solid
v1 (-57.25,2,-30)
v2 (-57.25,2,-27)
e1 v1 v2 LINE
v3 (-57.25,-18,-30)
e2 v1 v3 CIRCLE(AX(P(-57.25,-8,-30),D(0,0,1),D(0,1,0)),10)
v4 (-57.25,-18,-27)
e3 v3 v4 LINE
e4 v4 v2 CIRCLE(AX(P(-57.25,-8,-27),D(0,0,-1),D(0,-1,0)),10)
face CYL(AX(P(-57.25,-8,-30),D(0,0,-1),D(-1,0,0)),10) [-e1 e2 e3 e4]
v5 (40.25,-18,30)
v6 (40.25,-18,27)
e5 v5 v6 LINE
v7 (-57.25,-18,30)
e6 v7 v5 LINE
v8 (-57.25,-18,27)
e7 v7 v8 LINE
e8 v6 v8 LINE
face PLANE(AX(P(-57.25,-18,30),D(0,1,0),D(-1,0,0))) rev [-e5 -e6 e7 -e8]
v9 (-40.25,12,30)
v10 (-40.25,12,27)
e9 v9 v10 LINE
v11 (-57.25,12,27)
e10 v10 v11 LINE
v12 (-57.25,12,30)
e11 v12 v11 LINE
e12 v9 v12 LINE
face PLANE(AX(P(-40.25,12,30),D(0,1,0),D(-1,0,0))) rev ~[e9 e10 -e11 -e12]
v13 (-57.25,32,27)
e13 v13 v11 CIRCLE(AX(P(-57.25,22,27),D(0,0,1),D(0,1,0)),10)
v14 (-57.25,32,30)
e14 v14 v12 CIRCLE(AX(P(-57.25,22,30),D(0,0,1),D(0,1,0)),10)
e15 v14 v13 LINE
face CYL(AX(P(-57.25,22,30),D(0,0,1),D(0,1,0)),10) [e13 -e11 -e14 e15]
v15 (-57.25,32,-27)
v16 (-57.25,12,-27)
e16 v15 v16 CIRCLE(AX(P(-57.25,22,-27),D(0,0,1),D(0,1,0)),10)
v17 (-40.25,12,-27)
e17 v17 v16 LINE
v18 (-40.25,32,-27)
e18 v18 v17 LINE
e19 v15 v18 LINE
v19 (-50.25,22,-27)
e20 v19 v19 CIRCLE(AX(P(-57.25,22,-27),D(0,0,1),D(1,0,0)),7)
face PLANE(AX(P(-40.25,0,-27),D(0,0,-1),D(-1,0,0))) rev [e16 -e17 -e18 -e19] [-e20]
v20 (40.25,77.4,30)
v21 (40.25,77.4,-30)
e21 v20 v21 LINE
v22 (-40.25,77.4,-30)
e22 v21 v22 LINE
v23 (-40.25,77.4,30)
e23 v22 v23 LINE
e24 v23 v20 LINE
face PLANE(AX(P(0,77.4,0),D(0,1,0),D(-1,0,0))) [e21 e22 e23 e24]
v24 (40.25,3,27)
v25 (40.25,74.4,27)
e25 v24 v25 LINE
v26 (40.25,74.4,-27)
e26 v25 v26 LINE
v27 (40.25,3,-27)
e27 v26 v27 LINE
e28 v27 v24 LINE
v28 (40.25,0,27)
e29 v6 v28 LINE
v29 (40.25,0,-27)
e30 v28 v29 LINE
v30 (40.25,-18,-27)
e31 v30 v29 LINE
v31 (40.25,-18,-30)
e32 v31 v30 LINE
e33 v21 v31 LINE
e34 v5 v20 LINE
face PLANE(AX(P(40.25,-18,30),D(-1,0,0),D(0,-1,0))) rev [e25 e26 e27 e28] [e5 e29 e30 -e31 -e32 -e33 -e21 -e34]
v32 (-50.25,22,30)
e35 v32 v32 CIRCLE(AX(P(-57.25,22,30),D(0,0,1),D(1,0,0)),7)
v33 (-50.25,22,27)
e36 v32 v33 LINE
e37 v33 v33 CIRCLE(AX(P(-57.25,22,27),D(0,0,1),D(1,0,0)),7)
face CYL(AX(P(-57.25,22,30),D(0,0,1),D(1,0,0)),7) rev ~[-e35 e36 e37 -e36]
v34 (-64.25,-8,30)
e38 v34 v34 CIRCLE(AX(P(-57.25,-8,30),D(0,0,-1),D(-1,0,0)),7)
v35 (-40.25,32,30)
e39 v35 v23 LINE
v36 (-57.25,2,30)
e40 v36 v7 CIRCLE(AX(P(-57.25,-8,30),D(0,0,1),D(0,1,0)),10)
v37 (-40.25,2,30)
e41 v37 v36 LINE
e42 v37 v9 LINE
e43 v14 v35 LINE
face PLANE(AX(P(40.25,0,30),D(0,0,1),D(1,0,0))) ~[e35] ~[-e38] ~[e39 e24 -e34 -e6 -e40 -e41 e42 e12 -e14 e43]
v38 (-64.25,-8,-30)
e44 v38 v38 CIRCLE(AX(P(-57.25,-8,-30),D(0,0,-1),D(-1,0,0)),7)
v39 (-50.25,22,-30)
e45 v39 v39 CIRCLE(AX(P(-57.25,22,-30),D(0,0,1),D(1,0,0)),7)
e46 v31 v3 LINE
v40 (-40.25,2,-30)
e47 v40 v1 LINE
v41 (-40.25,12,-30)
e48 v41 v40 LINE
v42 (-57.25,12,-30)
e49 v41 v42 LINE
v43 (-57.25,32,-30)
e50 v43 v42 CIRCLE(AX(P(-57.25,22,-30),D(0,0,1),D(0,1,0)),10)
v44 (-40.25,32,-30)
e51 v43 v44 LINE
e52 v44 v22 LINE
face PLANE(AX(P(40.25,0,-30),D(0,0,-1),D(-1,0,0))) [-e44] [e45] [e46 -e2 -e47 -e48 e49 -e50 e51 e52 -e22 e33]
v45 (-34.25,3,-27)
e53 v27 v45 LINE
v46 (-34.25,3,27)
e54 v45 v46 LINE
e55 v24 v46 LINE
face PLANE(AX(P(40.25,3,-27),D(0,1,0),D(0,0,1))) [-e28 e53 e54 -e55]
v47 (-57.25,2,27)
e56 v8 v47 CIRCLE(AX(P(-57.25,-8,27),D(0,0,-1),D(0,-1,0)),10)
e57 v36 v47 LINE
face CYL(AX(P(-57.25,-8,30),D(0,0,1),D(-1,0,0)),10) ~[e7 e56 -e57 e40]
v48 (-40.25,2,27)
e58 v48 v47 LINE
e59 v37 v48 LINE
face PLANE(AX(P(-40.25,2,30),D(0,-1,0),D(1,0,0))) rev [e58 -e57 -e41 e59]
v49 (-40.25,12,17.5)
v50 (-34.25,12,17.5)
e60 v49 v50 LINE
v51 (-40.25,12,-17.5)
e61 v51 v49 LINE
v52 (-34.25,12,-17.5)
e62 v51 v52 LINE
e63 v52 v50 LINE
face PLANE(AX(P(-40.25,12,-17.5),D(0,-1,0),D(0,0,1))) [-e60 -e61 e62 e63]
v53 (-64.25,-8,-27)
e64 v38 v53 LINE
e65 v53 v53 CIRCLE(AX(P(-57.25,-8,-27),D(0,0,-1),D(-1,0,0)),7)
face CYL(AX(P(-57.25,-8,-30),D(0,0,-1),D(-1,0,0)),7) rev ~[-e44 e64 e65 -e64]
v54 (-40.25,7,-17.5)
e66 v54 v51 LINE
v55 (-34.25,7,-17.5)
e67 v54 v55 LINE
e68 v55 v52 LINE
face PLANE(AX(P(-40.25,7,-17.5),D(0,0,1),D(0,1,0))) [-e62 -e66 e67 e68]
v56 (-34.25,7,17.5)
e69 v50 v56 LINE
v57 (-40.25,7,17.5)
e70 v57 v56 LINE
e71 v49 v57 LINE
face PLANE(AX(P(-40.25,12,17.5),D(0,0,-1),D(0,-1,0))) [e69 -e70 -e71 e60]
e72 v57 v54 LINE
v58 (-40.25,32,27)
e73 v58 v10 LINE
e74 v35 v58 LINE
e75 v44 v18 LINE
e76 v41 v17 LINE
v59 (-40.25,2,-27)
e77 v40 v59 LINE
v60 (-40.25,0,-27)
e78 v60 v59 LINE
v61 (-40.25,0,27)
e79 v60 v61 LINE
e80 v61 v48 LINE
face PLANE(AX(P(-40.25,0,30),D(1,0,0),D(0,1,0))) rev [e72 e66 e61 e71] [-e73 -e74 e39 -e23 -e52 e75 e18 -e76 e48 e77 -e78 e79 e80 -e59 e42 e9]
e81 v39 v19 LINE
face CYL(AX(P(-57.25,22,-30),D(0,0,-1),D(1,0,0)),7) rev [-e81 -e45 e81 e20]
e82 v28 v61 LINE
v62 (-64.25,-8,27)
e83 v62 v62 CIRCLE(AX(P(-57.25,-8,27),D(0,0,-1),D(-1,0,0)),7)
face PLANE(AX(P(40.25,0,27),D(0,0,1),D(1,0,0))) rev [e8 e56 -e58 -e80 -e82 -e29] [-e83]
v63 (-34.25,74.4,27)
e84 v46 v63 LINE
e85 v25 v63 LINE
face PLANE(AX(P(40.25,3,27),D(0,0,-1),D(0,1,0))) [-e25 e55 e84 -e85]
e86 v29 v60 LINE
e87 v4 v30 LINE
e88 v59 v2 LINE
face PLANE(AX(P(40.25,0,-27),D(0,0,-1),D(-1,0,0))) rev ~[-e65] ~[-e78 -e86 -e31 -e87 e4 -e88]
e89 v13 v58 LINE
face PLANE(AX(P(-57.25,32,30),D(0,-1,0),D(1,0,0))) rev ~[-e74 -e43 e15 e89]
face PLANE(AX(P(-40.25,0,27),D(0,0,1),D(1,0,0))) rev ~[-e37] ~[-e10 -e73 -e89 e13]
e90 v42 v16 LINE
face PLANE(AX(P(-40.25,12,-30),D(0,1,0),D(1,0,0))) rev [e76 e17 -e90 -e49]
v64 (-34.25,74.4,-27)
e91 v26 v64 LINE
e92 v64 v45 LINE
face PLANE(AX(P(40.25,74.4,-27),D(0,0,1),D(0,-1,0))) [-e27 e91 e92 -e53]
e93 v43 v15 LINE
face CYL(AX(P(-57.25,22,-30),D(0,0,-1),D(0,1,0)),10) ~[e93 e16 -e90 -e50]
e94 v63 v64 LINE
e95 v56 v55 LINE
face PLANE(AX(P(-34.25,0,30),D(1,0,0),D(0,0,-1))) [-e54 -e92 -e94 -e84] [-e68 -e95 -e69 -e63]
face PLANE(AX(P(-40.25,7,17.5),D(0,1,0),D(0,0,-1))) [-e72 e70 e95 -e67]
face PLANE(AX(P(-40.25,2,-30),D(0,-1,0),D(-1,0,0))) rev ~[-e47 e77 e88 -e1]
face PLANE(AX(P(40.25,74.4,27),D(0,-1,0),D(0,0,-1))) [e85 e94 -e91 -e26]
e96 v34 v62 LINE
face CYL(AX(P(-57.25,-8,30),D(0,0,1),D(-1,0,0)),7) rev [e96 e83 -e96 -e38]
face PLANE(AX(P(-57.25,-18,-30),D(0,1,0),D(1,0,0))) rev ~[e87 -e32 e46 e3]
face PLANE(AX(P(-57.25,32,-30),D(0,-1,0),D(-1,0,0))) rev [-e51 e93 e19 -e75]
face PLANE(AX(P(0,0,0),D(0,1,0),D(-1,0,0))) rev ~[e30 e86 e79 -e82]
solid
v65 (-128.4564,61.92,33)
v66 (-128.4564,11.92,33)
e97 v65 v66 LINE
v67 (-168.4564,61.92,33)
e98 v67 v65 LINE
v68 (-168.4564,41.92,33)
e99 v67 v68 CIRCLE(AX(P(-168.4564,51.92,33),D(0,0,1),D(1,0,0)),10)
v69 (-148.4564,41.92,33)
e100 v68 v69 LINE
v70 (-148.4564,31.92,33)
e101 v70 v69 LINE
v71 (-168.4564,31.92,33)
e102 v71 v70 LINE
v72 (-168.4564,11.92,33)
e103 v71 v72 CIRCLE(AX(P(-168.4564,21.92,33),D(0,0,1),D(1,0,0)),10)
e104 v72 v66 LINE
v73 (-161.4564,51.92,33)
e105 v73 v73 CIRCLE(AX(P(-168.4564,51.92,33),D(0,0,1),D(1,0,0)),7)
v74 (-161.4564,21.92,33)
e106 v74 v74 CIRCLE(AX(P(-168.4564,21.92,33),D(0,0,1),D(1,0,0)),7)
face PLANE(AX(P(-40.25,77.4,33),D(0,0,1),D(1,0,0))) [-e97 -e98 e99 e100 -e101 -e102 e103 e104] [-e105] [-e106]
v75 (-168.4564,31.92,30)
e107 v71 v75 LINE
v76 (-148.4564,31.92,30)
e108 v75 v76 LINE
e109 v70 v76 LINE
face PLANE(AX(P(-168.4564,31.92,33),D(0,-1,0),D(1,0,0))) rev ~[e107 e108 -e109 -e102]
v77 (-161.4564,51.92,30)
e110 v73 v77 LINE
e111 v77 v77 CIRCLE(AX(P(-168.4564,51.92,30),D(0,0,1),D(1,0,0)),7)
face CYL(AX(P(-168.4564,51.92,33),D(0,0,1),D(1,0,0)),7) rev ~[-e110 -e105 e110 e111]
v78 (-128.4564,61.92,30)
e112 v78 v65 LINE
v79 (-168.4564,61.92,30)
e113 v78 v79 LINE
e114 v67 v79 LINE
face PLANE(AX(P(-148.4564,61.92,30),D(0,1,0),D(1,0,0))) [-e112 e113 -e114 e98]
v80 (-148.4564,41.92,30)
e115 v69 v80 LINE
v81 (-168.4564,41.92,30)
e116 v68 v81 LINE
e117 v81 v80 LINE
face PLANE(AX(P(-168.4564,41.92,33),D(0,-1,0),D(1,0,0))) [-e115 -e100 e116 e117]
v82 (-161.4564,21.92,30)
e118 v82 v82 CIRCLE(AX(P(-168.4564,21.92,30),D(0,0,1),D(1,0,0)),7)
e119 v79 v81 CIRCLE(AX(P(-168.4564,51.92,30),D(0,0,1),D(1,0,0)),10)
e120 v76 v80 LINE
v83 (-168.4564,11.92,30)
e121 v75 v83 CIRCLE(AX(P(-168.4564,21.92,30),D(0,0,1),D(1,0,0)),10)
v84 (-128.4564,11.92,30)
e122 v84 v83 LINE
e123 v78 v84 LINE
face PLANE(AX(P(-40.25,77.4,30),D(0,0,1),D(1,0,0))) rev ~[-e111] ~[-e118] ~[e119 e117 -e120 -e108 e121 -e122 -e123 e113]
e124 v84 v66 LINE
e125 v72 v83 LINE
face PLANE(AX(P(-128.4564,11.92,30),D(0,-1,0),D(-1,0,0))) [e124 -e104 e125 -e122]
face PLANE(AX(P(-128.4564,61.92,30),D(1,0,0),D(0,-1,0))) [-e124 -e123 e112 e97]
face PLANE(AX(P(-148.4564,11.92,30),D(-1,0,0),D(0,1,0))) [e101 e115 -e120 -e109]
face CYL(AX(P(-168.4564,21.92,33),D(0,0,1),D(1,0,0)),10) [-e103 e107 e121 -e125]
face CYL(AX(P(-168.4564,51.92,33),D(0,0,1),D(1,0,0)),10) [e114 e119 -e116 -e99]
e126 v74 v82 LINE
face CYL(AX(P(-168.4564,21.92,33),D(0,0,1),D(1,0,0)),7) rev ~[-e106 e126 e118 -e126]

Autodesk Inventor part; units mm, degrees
ref_plane "YZ Plane" through (0, 0, 0) normal (1, 0, 0) x (0, 1, 0)
ref_plane "XZ Plane" through (0, 0, 0) normal (0, 1, 0) x (-1, 0, 0)
ref_plane "XY Plane" through (0, 0, 0) normal (0, 0, 1) x (1, 0, 0)
sketch "Sketch1" plane through (0, 0, 0) normal (0, 1, 0) x (-1, 0, 0)
  line L0 (40.25, 30) -> (-40.25, 30)
  line L1 (-40.25, 30) -> (-40.25, -30)
  line L2 (-40.25, -30) -> (40.25, -30)
  line L3 (40.25, -30) -> (40.25, 30)
  point P0 (0, 0)
  dimension "d0" = 60
  dimension "d1" = 80.5
  dimension "d23" = 30
  dimension "d24" = 40.25
extrude "Extrusion1" add sketch "Sketch1" along normal blind 77.4
sketch "Sketch2" plane through (40.25, 0, 30) normal (1, 0, 0) x (0, 0, -1)
  line L0 (3, 74.4) -> (57, 74.4)
  line L1 (57, 74.4) -> (57, 3)
  line L2 (57, 3) -> (3, 3)
  line L3 (3, 3) -> (3, 74.4)
  line L4 (0, 77.4) -> (60, 77.4) projected
  line L5 (0, 0) -> (0, 77.4) projected
  point P0 (30, 0)
  dimension "d4" = 54
  dimension "d5" = 71.4
  dimension "d6" = 3
  dimension "d7" = 3
sketch "Sketch3" plane through (40.25, 0, 30) normal (1, 0, 0) x (0, 0, -1)
  line L0 (0, 0) -> (60, 0) construction
  line L1 (60, 0) -> (60, 77.4) construction
  line L2 (0, 77.4) -> (60, 77.4) construction
  line L3 (0, 0) -> (0, 77.4) construction
  point P0 (30, 0)
extrude "Extrusion2" cut sketch "Sketch2" against normal blind 74.5
sketch "Sketch4" plane through (-40.25, 0, 30) normal (0, 0, 1) x (1, 0, 0)
  line L0 (0, 12) -> (-17, 12)
  line L1 (-17, 32) -> (0, 32)
  line L2 (0, 32) -> (0, 12)
  line L3 (0, 0) -> (0, 77.4) projected
  line L4 (0, 0) -> (80.5, 0) projected
  circle A0 centre (-17, 22) radius 7
  arc A1 (-17, 32) -> (-17, 12) centre (-17, 22) ccw
  point P0 (40.25, 0)
  dimension "d11" = 20
  dimension "d12" = 0
  dimension "d17" = 14
  dimension "d18" = 22
  dimension "d19" = 20
  dimension "d20" = 17
extrude "Extrusion4" add sketch "Sketch4" against normal blind 3
mirror "Mirror1" about plane through (0, 0, 0) normal (0, 0, 1) of "Extrusion4"
sketch "Sketch7" plane through (-40.25, 0, -30) normal (-1, 0, 0) x (0, 0, 1)
  line L0 (0, 0) -> (60, 0) construction
  line L1 (60, 32) -> (60, 77.4) construction
  line L2 (12.5, 12) -> (47.5, 12)
  line L3 (47.5, 12) -> (47.5, 7)
  line L4 (47.5, 7) -> (12.5, 7)
  line L5 (12.5, 7) -> (12.5, 12)
  point P0 (30, 0)
  dimension "d25" = 35
  dimension "d26" = 5
  dimension "d28" = 12.5
  dimension "d29" = 7
sketch "Sketch8" plane through (-40.25, 0, -30) normal (-1, 0, 0) x (0, 0, 1)
  line L0 (0, 32) -> (3, 32) construction
  line L1 (3, 32) -> (3, 12) construction
  line L2 (3, 12) -> (0, 12) construction
  line L3 (0, 0) -> (0, 12) construction
  line L4 (0, 0) -> (60, 0) construction
  line L5 (60, 0) -> (60, 12) construction
  line L6 (60, 12) -> (57, 12) construction
  line L7 (57, 12) -> (57, 32) construction
  line L8 (57, 32) -> (60, 32) construction
  line L9 (60, 32) -> (60, 77.4) construction
  line L10 (0, 77.4) -> (60, 77.4) construction
  line L11 (0, 32) -> (0, 77.4) construction
  point P0 (30, 0)
extrude "Extrusion6" cut sketch "Sketch7" against normal blind 6
sketch "Sketch10" plane through (40.25, 0, -30) normal (0, 0, -1) x (-1, 0, 0)
  line L0 (80.5, 12) -> (97.5, 12) construction
  line L1 (80.5, 2) -> (97.5, 2)
  line L2 (97.5, 2) -> (97.5, -18)
  line L3 (97.5, -18) -> (80.5, -18)
  line L4 (80.5, -18) -> (80.5, 2)
  circle A0 centre (97.5, -8) radius 10
  arc A1 (97.5, 12) -> (97.5, 32) centre (97.5, 22) ccw construction
  line L5 (80.5, 0) -> (80.5, 12) construction
  point P0 (40.25, 0)
  dimension "d34" = 20
  dimension "d35" = 10
  dimension "d36" = 0
  dimension "d37" = 20
  dimension "d40" = 17
  dimension "d41" = 30
  dimension "d42" = 0
sketch "Sketch13" plane through (40.25, 0, -30) normal (0, 0, -1) x (-1, 0, 0)
  line L0 (0, 0) -> (80.5, 0)
  line L1 (80.5, 0) -> (80.5, -18)
  line L2 (80.5, -18) -> (0, -18)
  line L3 (0, -18) -> (0, 0)
  point P0 (40.25, 0)
  dimension "d43" = 80.5
  dimension "d44" = 18
extrude "Extrusion8" add sketch "Sketch13" against normal blind 3
extrude "Extrusion9" add sketch "Sketch10" against normal blind 3
sketch "Sketch16" plane through (40.25, 77.4, -30) normal (0, 0, -1) x (-1, 0, 0)
  arc A0 (97.5, -95.4) -> (97.5, -75.4) centre (97.5, -85.4) ccw construction
  circle A1 centre (97.5, -85.4) radius 7
  point P0 (40.25, -77.4)
  dimension "d49" = 14
extrude "Extrusion10" cut sketch "Sketch16" against normal blind 3
mirror "Mirror2" about plane through (0, 0, 0) normal (0, 0, 1) of "Extrusion8", "Extrusion9", "Extrusion10"
sketch "Sketch25" plane through (-40.25, 77.4, 30) normal (0, 0, 1) x (1, 0, 0)
  line L0 (-108.2064, -15.48) -> (-88.2064, -15.48)
  line L1 (-88.2064, -15.48) -> (-88.2064, -65.48)
  line L2 (-88.2064, -65.48) -> (-108.2064, -65.48)
  line L3 (-108.2064, -65.48) -> (-108.2064, -15.48)
  point P0 (40.25, -77.4)
  dimension "d59" = 20
  dimension "d60" = 50
extrude "Extrusion13" add sketch "Sketch25" along normal blind 3
sketch "Sketch26" plane through (-40.25, 77.4, 33) normal (0, 0, 1) x (1, 0, 0)
  line L0 (-128.2064, -35.48) -> (-108.2064, -35.48)
  line L1 (-108.2064, -35.48) -> (-108.2064, -15.48)
  line L2 (-108.2064, -15.48) -> (-128.2064, -15.48)
  line L3 (-128.2064, -15.48) -> (-128.2064, -35.48)
  line L4 (-108.2064, -65.48) -> (-128.2064, -65.48)
  line L5 (-128.2064, -65.48) -> (-128.2064, -45.48)
  line L6 (-128.2064, -45.48) -> (-108.2064, -45.48)
  line L7 (-108.2064, -45.48) -> (-108.2064, -65.48)
  circle A0 centre (-128.2064, -25.48) radius 10
  circle A1 centre (-128.2064, -55.48) radius 10
  point P0 (40.25, -77.4)
  dimension "d63" = 20
  dimension "d64" = 20
  dimension "d65" = 20
  dimension "d66" = 20
extrude "Extrusion14" add sketch "Sketch26" against normal blind 3
sketch "Sketch27" plane through (-40.25, 77.4, 33) normal (0, 0, 1) x (1, 0, 0)
  arc A0 (-128.2064, -15.48) -> (-128.2064, -35.48) centre (-128.2064, -25.48) ccw construction
  arc A1 (-128.2064, -45.48) -> (-128.2064, -65.48) centre (-128.2064, -55.48) ccw construction
  circle A2 centre (-128.2064, -25.48) radius 7
  circle A3 centre (-128.2064, -55.48) radius 7
  point P0 (40.25, -77.4)
  dimension "d69" = 14
  dimension "d70" = 14
extrude "Extrusion15" cut sketch "Sketch27" against normal blind 3
properties part number "Tape measure holder case Albert"
